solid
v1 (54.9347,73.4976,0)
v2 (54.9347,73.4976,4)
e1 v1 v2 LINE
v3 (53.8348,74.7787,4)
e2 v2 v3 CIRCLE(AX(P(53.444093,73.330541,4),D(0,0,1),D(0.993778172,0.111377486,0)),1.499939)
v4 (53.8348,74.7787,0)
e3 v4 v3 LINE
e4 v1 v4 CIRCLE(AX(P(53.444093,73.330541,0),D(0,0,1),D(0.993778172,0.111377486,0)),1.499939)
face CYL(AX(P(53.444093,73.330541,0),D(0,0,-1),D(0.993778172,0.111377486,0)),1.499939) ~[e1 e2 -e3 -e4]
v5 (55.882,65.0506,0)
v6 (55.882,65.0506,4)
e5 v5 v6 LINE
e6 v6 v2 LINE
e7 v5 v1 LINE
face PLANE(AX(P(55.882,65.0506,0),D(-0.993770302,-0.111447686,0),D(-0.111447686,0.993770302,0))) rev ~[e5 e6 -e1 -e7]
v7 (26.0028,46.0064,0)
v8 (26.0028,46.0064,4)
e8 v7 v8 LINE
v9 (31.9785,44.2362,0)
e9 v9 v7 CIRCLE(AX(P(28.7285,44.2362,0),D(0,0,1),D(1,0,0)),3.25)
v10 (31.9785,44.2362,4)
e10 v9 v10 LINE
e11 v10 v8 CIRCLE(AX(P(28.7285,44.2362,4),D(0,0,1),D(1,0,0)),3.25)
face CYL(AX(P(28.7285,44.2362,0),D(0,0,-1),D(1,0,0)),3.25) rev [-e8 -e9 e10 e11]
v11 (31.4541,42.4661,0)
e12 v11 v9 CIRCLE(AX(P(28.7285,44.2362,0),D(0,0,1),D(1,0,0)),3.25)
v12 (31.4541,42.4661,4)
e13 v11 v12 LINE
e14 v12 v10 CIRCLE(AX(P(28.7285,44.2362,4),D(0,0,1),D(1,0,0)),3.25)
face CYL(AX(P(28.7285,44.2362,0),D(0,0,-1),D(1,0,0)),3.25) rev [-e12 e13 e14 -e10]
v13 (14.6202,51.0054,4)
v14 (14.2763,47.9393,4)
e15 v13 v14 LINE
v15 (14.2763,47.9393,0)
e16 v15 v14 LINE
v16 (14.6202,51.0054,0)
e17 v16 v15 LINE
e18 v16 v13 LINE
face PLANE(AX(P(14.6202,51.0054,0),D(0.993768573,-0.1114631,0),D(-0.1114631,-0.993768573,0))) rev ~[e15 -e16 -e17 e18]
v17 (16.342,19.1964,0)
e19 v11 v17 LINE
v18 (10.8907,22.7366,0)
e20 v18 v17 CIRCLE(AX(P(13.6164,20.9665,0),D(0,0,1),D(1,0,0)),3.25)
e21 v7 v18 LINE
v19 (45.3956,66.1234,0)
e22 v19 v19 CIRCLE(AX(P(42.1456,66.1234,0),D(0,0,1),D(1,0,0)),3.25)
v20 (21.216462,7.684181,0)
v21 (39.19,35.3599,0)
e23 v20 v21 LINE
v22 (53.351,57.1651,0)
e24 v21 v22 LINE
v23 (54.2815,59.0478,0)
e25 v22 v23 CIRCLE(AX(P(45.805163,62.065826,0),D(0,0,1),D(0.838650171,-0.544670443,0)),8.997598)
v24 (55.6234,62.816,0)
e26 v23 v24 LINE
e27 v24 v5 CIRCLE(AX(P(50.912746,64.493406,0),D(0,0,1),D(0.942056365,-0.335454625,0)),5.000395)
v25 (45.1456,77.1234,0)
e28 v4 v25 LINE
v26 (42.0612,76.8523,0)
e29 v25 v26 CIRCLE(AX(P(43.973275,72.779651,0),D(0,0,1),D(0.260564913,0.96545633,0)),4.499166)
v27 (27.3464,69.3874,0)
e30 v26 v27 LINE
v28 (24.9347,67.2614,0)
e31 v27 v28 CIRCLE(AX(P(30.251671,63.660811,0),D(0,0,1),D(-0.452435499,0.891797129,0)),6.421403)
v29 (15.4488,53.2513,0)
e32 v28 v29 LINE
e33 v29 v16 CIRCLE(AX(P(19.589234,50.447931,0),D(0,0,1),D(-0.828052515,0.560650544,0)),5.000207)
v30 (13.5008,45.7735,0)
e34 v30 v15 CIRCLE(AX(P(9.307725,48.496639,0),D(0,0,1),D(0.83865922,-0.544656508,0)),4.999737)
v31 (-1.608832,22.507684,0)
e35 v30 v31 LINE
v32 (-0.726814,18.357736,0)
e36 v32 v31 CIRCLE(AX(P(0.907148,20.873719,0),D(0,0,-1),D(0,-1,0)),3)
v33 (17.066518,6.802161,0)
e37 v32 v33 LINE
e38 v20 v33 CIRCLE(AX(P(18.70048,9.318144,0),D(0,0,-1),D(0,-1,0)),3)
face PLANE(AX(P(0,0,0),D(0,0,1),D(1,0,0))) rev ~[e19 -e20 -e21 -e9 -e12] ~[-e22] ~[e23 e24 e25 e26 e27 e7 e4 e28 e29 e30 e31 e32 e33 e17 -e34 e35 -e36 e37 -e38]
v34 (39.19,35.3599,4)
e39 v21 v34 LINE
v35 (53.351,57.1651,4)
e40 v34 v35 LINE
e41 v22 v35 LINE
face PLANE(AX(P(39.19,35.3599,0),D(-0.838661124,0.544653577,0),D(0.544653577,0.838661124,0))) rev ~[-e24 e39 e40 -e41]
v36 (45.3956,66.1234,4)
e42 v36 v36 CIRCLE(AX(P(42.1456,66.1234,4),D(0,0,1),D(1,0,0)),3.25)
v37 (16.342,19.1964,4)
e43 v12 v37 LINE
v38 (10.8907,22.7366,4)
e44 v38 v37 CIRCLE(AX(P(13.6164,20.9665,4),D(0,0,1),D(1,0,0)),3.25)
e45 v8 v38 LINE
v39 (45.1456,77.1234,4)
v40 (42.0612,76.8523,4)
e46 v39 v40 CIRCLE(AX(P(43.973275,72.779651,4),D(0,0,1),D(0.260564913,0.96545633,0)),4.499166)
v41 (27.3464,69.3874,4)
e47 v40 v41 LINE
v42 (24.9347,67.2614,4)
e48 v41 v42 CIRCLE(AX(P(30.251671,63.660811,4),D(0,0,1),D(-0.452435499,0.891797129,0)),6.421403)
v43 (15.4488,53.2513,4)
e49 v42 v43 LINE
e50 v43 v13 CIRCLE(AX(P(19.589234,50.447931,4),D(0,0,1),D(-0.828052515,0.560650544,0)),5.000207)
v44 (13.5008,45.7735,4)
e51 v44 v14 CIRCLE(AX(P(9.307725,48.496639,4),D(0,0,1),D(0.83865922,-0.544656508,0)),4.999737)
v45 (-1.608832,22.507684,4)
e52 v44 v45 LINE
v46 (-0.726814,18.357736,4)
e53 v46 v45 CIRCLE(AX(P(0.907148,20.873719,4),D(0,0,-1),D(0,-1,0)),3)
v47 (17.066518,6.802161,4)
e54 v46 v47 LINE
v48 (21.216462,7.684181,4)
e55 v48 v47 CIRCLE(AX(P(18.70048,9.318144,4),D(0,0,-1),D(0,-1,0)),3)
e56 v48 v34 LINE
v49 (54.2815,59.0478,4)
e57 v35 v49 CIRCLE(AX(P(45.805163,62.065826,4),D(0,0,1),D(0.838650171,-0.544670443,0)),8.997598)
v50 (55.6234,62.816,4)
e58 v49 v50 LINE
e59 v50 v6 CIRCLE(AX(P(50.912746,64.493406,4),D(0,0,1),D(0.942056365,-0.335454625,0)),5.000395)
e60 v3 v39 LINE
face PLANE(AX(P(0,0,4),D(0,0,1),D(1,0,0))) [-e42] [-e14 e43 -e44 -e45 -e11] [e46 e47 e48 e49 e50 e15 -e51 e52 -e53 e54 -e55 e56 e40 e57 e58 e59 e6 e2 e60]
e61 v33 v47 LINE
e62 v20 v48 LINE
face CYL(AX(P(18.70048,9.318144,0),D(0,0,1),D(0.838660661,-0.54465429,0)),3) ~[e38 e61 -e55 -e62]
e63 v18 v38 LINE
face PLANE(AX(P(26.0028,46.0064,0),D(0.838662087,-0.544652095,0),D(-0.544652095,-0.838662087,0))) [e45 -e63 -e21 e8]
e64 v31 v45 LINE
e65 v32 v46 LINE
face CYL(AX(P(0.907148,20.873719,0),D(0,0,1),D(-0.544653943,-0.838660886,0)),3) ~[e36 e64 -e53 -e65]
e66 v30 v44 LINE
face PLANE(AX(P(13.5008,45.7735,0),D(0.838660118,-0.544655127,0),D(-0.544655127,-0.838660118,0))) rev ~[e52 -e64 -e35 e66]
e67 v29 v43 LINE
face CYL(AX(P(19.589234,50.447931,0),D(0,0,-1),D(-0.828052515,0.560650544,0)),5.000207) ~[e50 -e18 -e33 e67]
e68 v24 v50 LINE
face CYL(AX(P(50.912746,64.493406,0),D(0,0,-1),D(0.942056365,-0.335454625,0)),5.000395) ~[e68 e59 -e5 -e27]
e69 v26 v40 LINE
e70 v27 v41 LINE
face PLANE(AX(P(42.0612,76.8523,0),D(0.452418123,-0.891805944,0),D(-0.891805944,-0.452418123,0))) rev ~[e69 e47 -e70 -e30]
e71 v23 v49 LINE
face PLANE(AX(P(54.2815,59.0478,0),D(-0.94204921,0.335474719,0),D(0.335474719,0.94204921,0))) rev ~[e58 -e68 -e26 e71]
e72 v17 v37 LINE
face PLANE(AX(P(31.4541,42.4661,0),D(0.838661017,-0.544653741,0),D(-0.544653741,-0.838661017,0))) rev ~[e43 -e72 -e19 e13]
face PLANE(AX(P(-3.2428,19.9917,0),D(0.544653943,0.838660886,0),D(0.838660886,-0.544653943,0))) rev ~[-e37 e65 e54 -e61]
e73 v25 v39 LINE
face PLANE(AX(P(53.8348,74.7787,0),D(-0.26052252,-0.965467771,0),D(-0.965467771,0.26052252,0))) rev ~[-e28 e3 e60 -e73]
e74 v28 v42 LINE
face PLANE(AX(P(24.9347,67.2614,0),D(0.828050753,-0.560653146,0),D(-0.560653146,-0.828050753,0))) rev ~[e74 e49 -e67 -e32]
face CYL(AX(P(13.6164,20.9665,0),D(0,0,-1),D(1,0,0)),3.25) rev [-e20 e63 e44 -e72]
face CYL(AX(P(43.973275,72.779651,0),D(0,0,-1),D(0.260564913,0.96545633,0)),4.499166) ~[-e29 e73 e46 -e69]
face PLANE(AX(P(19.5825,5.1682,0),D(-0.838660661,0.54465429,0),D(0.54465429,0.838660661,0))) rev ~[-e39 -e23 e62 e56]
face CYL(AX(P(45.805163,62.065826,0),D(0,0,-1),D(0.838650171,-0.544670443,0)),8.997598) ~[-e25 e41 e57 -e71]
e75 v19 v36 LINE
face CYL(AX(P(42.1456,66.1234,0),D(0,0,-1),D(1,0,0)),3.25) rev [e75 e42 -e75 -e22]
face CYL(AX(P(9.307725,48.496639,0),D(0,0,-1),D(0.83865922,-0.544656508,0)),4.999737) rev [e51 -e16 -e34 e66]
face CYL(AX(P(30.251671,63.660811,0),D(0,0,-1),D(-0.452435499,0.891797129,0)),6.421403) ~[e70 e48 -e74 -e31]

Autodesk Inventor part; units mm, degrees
ref_plane "YZ Plane" through (0, 0, 0) normal (1, 0, 0) x (0, 1, 0)
ref_plane "XZ Plane" through (0, 0, 0) normal (0, 1, 0) x (-1, 0, 0)
ref_plane "XY Plane" through (0, 0, 0) normal (0, 0, 1) x (1, 0, 0)
sketch "Body" plane through (0, 0, 0) normal (0, 0, 1) x (1, 0, 0)
  line L0 (27.316, 36.0942) -> (2.7256, -1.7701) construction
  line L1 (-2.7256, 1.7701) -> (21.8647, 39.6345) construction
  line L2 (39.19, 35.3599) -> (32.4946, 58.4071) construction
  line L3 (32.4946, 58.4071) -> (19.5232, 59.2689) construction
  line L4 (19.5232, 59.2689) -> (15.4488, 53.2513) construction
  arc A0 (15.4488, 53.2513) -> (14.6202, 51.0054) centre (19.5891, 50.448) ccw
  line L5 (14.6202, 51.0054) -> (14.2763, 47.9393)
  arc A1 (13.5008, 45.7735) -> (14.2763, 47.9393) centre (9.3074, 48.4968) ccw
  line L6 (13.5008, 45.7735) -> (-11.4127, 7.4118) construction
  line L7 (11.4127, -7.4118) -> (39.19, 35.3599) construction
  line L8 (-11.4127, 7.4118) -> (11.4127, -7.4118) construction
  arc A2 (53.351, 57.1651) -> (54.2815, 59.0478) centre (45.8031, 62.067) ccw
  arc A3 (27.3464, 69.3874) -> (24.9347, 67.2614) centre (30.251, 63.6618) ccw
  arc A4 (45.1456, 77.1234) -> (42.0612, 76.8523) centre (43.9732, 72.7788) ccw
  arc A5 (54.9347, 73.4976) -> (53.8348, 74.7787) centre (53.444, 73.3305) ccw
  arc A6 (55.6234, 62.816) -> (55.882, 65.0506) centre (50.9132, 64.4933) ccw
  line L9 (42.0612, 76.8523) -> (27.3464, 69.3874)
  line L10 (53.8348, 74.7787) -> (45.1456, 77.1234)
  line L11 (55.882, 65.0506) -> (54.9347, 73.4976)
  line L12 (54.2815, 59.0478) -> (55.6234, 62.816)
  line L13 (39.19, 35.3599) -> (53.351, 57.1651)
  arc A7 (15.4488, 53.2513) -> (14.6202, 51.0054) centre (19.5891, 50.448) ccw
  line L14 (14.6202, 51.0054) -> (14.2763, 47.9393)
  line L15 (13.5008, 45.7735) -> (-3.2428, 19.9917)
  line L16 (-3.2428, 19.9917) -> (19.5825, 5.1682)
  line L17 (19.5825, 5.1682) -> (39.19, 35.3599)
  line L18 (24.9347, 67.2614) -> (15.4488, 53.2513)
  line L19 (27.316, 36.0942) -> (21.8647, 39.6345) construction
  circle A8 centre (13.6164, 20.9665) radius 3.25
  line L20 (13.6164, 20.9665) -> (34.175, 52.6228) construction
  circle A9 centre (28.7285, 44.2362) radius 3.25
  line L21 (26.0028, 46.0064) -> (10.8907, 22.7366)
  line L22 (31.4541, 42.4661) -> (16.342, 19.1964)
  circle A10 centre (42.1456, 66.1234) radius 3.25
  point P0 (0, 0)
  point P1 (0, 0)
  dimension "d25" = 138
  dimension "d26" = 111.5
  dimension "d27" = 154
  dimension "d31" = 6.5
  dimension "d32" = 15
  dimension "d33" = 16.5
  dimension "d34" = 151
  dimension "d35" = 6.4202
  dimension "d36" = 8.5
  dimension "d37" = 4
  dimension "d38" = 9
  dimension "d39" = 4.5
  dimension "d40" = 1.5
  dimension "d41" = 5
  dimension "d42" = 9
  dimension "d43" = 26
  dimension "d44" = 6.5
  dimension "d45" = 10
  dimension "d46" = 10
  dimension "d47" = 6.5
  dimension "d48" = 3
  dimension "d49" = 11
extrude "BodyFeature" add sketch "Body" along normal blind 4
fillet "EndFilletsFeature" radius 3 2 edges at (-3.2428, 19.9917, 2) (19.5825, 5.1682, 2)
properties part number "PelvisSubLinkLeft"
